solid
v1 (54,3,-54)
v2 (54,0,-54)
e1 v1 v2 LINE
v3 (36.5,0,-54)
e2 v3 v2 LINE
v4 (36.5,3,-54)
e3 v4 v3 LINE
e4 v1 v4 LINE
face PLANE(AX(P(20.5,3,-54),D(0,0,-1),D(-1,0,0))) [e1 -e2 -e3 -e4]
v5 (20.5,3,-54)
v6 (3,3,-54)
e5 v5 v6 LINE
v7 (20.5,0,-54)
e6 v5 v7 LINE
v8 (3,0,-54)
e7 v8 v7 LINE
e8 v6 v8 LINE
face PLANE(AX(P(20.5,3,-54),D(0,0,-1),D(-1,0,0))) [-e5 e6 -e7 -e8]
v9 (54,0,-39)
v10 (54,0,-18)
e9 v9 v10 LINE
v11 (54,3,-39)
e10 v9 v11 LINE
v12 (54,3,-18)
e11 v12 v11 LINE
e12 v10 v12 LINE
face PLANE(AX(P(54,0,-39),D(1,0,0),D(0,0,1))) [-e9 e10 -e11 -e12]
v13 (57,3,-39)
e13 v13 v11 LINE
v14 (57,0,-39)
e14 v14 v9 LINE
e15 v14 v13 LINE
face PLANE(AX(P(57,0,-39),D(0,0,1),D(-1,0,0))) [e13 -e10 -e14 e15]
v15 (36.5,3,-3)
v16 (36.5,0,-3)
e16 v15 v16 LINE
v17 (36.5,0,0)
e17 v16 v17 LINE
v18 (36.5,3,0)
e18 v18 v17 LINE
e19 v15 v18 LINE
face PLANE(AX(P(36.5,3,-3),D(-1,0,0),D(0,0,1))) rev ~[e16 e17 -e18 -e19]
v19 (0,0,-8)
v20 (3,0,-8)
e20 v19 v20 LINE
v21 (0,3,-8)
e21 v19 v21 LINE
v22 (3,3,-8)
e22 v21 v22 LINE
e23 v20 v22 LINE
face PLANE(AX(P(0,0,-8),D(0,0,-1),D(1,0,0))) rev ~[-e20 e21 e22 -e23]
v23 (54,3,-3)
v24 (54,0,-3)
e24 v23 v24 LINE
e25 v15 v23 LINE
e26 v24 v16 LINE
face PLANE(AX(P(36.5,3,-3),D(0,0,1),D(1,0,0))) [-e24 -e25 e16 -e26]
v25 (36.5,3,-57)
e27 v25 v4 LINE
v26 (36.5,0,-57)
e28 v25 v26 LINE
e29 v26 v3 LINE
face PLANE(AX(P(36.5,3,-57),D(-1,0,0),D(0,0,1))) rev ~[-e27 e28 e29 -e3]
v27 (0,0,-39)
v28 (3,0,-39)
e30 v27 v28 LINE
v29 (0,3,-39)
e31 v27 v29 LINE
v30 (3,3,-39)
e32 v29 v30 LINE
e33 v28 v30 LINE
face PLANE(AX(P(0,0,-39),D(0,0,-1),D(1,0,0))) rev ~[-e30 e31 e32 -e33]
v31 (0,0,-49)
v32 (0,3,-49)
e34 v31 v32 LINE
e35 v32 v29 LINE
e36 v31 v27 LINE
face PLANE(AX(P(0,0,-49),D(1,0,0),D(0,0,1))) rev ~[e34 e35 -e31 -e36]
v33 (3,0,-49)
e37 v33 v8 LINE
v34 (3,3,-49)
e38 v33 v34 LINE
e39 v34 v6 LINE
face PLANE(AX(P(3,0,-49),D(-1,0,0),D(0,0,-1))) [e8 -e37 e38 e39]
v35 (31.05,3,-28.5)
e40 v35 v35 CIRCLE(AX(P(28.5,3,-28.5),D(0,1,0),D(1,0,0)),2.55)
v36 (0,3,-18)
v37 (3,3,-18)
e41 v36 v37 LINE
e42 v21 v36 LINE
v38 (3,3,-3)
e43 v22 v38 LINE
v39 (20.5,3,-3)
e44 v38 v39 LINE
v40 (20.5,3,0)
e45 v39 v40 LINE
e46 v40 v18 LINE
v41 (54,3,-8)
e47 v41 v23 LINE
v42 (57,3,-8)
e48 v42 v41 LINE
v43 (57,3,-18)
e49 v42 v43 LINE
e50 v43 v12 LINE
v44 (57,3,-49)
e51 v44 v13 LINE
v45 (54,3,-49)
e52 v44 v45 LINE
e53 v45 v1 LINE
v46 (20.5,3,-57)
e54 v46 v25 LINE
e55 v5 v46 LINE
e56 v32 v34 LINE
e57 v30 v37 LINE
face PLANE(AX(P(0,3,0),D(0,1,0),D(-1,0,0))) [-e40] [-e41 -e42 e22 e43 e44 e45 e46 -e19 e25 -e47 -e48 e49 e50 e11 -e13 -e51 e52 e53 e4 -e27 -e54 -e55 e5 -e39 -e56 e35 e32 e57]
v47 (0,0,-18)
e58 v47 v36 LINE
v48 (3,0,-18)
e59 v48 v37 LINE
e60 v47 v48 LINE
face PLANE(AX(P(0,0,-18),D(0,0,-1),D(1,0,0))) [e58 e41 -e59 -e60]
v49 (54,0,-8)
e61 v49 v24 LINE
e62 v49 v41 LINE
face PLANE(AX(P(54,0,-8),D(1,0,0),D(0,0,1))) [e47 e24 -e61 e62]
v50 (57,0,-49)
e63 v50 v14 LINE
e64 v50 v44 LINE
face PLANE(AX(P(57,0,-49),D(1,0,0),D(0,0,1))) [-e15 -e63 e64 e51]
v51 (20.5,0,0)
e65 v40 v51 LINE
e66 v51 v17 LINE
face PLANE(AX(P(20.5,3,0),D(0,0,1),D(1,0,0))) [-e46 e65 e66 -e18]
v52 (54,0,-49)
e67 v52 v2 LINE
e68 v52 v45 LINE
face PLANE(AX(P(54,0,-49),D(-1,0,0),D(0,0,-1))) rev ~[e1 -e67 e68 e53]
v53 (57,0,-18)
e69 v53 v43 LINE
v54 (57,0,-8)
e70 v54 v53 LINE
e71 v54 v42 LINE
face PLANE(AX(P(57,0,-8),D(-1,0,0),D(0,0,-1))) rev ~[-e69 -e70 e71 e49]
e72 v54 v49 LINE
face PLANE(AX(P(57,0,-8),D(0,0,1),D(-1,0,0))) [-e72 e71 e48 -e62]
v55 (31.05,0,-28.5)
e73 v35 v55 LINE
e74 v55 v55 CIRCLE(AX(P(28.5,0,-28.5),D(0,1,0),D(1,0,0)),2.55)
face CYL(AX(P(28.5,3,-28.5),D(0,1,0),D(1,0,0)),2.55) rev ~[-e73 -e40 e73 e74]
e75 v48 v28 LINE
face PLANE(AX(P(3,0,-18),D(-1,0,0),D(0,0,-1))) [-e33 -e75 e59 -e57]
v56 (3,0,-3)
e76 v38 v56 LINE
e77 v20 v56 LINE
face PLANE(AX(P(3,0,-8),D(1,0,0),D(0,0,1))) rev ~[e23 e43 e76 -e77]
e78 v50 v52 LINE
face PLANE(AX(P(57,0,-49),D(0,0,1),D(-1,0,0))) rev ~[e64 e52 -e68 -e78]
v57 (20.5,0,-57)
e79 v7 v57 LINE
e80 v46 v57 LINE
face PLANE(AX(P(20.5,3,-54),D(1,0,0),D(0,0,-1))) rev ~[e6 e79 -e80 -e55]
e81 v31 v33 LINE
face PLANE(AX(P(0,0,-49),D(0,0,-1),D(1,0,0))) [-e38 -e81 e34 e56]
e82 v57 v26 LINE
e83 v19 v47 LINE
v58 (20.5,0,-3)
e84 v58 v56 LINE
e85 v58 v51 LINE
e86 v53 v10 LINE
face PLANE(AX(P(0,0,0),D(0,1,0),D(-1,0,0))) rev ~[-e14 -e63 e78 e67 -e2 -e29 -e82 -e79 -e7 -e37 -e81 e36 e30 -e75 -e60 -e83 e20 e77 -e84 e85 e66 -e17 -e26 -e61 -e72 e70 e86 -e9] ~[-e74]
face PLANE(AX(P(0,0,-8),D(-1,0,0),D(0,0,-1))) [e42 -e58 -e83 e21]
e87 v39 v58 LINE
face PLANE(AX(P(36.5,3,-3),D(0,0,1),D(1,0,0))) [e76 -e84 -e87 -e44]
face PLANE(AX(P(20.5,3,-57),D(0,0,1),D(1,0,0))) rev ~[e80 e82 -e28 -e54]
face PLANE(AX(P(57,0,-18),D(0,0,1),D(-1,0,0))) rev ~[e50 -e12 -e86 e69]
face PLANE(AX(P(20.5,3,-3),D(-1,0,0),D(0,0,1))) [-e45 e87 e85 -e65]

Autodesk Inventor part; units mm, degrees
ref_plane "YZ Plane" through (0, 0, 0) normal (1, 0, 0) x (0, 1, 0)
ref_plane "XZ Plane" through (0, 0, 0) normal (0, 1, 0) x (-1, 0, 0)
ref_plane "XY Plane" through (0, 0, 0) normal (0, 0, 1) x (1, 0, 0)
sketch "Sketch1" plane through (0, 0, 0) normal (0, 1, 0) x (-1, 0, 0)
  line L0 (-28.5, -57) -> (-28.5, -28.5) construction
  line L1 (-28.5, -28.5) -> (-57, -28.5) construction
  line L2 (0, -49) -> (-3, -49)
  line L3 (-3, -49) -> (-3, -57)
  line L4 (0, -49) -> (0, -39)
  line L5 (0, -39) -> (-3, -39)
  line L6 (-3, -39) -> (-3, -28.5)
  line L7 (0, -8) -> (-3, -8)
  line L8 (-3, -8) -> (-3, 0)
  line L9 (0, -18) -> (-3, -18)
  line L10 (-3, -18) -> (-3, -28.5)
  line L11 (0, -8) -> (0, -18)
  line L12 (0, -39) -> (0, -49)
  line L13 (0, -49) -> (0, -39)
  line L14 (0, -18) -> (0, -8)
  line L15 (-57, -49) -> (-54, -49)
  line L16 (-54, -49) -> (-54, -57)
  line L17 (-57, -49) -> (-57, -39)
  line L18 (-57, -39) -> (-54, -39)
  line L19 (-54, -39) -> (-54, -28.5)
  line L20 (-57, -8) -> (-54, -8)
  line L21 (-54, -8) -> (-54, 0)
  line L22 (-57, -18) -> (-54, -18)
  line L23 (-54, -18) -> (-54, -28.5)
  line L24 (-57, -8) -> (-57, -18)
  line L25 (-57, -39) -> (-57, -49)
  line L26 (-57, -49) -> (-57, -39)
  line L27 (-57, -18) -> (-57, -8)
  line L28 (-57, -49) -> (-57, -39)
  line L29 (-57, -18) -> (-57, -8)
  line L30 (-28.5, -54) -> (-36.5, -54)
  line L31 (-36.5, -54) -> (-36.5, -57)
  line L32 (-28.5, -54) -> (-20.5, -54)
  line L33 (-20.5, -54) -> (-20.5, -57)
  line L34 (-3, -57) -> (-20.5, -57)
  line L35 (-36.5, -57) -> (-54, -57)
  line L36 (-28.5, -3) -> (-36.5, -3)
  line L37 (-36.5, -3) -> (-36.5, 0)
  line L38 (-20.5, -3) -> (-20.5, 0)
  line L39 (-28.5, -3) -> (-20.5, -3)
  line L40 (-54, 0) -> (-36.5, 0)
  line L41 (-20.5, 0) -> (-3, 0)
  point P0 (0, 0)
  point P1 (0, -57)
  dimension "d3" = 3
  dimension "d4" = 10
  dimension "d5" = 3
  dimension "d6" = 3
  dimension "d7" = 8
extrude "Extrusion1" add sketch "Sketch1" along normal blind 3
sketch "Sketch2" plane through (0, 3, 0) normal (0, 1, 0) x (1, 0, 0)
  line L0 (36.5, 0) -> (54, 0) projected
  line L1 (36.5, 3) -> (36.5, 0) projected
  line L2 (36.5, 0) -> (36.5, 3)
  line L3 (36.5, 3) -> (54, 3)
  line L4 (54, 0) -> (54, 8) projected
  line L5 (20.5, 0) -> (20.5, 3) projected
  line L6 (20.5, 0) -> (20.5, 3)
  line L7 (20.5, 3) -> (36.5, 3) projected
  line L8 (20.5, 3) -> (36.5, 3)
  line L9 (36.5, 3) -> (36.5, 0)
  line L10 (3, 0) -> (20.5, 0) projected
  line L11 (20.5, 0) -> (20.5, 3)
  line L12 (3, 0) -> (3, 3)
  line L13 (3, 8) -> (3, 0) projected
  line L14 (20.5, 3) -> (3, 3)
  point P0 (0, 0)
extrude "Extrusion2" cut sketch "Sketch2" against normal up to surface (3 mm away)
sketch "Sketch3" plane through (0, 3, 0) normal (0, 1, 0) x (1, 0, 0)
  line L0 (3, 3) -> (20.5, 3)
  line L1 (3, 3) -> (54, 3) projected
  line L2 (20.5, 3) -> (20.5, 0)
  line L3 (36.5, 54) -> (20.5, 54) projected
  line L4 (28.5, 54) -> (28.5, 14.4088) construction
  line L5 (54, 3) -> (36.5, 3)
  line L6 (36.5, 3) -> (36.5, 0)
  line L7 (20.5, 0) -> (36.5, 0)
  point P0 (0, 0)
  dimension "d12" = 17.5
extrude "Extrusion3" add sketch "Sketch3" against normal up to surface (3 mm away)
sketch "Sketch4" plane through (0, 3, 0) normal (0, 1, 0) x (1, 0, 0)
  line L0 (36.5, 54) -> (20.5, 54) projected
  line L1 (20.5, 54) -> (3, 54)
  line L2 (3, 57) -> (3, 49) projected
  line L3 (36.5, 57) -> (36.5, 54) projected
  line L4 (36.5, 54) -> (54, 54)
  line L5 (54, 49) -> (54, 57) projected
  line L6 (20.5, 57) -> (3, 57) projected
  line L7 (3, 54) -> (3, 57)
  line L8 (3, 57) -> (20.5, 57)
  line L9 (20.5, 57) -> (20.5, 54)
  line L10 (36.5, 57) -> (36.5, 54)
  line L11 (54, 57) -> (36.5, 57) projected
  line L12 (36.5, 57) -> (54, 57)
  line L13 (54, 57) -> (54, 54)
  point P0 (0, 0)
extrude "Extrusion4" cut sketch "Sketch4" against normal up to surface (3 mm away)
sketch "Sketch5" plane through (0, 3, 0) normal (0, 1, 0) x (1, 0, 0)
  line L0 (54, 18) -> (54, 39) projected
  line L1 (54, 28.5) -> (3, 28.5) construction
  line L2 (3, 39) -> (3, 18) projected
  line L3 (3, 3) -> (20.5, 3) projected
  line L4 (3, 3) -> (20.5, 3)
  line L5 (20.5, 3) -> (20.5, 0)
  line L6 (20.5, 0) -> (36.5, 0) projected
  line L7 (20.5, 0) -> (36.5, 0)
  line L8 (36.5, 0) -> (36.5, 3)
  line L9 (36.5, 3) -> (54, 3) projected
  line L10 (36.5, 3) -> (54, 3)
  line L11 (3, 54) -> (20.5, 54)
  line L12 (20.5, 54) -> (20.5, 57)
  line L13 (20.5, 57) -> (36.5, 57)
  line L14 (36.5, 57) -> (36.5, 54)
  line L15 (36.5, 54) -> (54, 54)
  line L16 (20.5, 54) -> (36.5, 54)
  line L17 (54, 54) -> (3, 54) projected
  point P0 (0, 0)
extrude "Extrusion5" add sketch "Sketch5" against normal up to surface (3 mm away)
sketch "Sketch6" plane through (0, 3, 0) normal (0, 1, 0) x (1, 0, 0)
  line L0 (3, 39) -> (3, 18) projected
  line L1 (3, 28.5) -> (54, 28.5) construction
  line L2 (54, 18) -> (54, 39) projected
  circle A0 centre (28.5, 28.5) radius 2.55
  line L3 (18.9611, 22.4556) -> (18.9611, 35.5833) construction
  line L4 (18.9611, 35.5833) -> (23.3056, 35.5833) construction
  line L5 (23.3056, 35.5833) -> (23.3056, 22.4556) construction
  line L6 (23.3056, 22.4556) -> (18.9611, 22.4556) construction
  point P0 (0, 0)
  dimension "d19" = 5.1
extrude "Extrusion6" cut sketch "Sketch6" against normal up to surface (3 mm away)
properties part number "Superior"
